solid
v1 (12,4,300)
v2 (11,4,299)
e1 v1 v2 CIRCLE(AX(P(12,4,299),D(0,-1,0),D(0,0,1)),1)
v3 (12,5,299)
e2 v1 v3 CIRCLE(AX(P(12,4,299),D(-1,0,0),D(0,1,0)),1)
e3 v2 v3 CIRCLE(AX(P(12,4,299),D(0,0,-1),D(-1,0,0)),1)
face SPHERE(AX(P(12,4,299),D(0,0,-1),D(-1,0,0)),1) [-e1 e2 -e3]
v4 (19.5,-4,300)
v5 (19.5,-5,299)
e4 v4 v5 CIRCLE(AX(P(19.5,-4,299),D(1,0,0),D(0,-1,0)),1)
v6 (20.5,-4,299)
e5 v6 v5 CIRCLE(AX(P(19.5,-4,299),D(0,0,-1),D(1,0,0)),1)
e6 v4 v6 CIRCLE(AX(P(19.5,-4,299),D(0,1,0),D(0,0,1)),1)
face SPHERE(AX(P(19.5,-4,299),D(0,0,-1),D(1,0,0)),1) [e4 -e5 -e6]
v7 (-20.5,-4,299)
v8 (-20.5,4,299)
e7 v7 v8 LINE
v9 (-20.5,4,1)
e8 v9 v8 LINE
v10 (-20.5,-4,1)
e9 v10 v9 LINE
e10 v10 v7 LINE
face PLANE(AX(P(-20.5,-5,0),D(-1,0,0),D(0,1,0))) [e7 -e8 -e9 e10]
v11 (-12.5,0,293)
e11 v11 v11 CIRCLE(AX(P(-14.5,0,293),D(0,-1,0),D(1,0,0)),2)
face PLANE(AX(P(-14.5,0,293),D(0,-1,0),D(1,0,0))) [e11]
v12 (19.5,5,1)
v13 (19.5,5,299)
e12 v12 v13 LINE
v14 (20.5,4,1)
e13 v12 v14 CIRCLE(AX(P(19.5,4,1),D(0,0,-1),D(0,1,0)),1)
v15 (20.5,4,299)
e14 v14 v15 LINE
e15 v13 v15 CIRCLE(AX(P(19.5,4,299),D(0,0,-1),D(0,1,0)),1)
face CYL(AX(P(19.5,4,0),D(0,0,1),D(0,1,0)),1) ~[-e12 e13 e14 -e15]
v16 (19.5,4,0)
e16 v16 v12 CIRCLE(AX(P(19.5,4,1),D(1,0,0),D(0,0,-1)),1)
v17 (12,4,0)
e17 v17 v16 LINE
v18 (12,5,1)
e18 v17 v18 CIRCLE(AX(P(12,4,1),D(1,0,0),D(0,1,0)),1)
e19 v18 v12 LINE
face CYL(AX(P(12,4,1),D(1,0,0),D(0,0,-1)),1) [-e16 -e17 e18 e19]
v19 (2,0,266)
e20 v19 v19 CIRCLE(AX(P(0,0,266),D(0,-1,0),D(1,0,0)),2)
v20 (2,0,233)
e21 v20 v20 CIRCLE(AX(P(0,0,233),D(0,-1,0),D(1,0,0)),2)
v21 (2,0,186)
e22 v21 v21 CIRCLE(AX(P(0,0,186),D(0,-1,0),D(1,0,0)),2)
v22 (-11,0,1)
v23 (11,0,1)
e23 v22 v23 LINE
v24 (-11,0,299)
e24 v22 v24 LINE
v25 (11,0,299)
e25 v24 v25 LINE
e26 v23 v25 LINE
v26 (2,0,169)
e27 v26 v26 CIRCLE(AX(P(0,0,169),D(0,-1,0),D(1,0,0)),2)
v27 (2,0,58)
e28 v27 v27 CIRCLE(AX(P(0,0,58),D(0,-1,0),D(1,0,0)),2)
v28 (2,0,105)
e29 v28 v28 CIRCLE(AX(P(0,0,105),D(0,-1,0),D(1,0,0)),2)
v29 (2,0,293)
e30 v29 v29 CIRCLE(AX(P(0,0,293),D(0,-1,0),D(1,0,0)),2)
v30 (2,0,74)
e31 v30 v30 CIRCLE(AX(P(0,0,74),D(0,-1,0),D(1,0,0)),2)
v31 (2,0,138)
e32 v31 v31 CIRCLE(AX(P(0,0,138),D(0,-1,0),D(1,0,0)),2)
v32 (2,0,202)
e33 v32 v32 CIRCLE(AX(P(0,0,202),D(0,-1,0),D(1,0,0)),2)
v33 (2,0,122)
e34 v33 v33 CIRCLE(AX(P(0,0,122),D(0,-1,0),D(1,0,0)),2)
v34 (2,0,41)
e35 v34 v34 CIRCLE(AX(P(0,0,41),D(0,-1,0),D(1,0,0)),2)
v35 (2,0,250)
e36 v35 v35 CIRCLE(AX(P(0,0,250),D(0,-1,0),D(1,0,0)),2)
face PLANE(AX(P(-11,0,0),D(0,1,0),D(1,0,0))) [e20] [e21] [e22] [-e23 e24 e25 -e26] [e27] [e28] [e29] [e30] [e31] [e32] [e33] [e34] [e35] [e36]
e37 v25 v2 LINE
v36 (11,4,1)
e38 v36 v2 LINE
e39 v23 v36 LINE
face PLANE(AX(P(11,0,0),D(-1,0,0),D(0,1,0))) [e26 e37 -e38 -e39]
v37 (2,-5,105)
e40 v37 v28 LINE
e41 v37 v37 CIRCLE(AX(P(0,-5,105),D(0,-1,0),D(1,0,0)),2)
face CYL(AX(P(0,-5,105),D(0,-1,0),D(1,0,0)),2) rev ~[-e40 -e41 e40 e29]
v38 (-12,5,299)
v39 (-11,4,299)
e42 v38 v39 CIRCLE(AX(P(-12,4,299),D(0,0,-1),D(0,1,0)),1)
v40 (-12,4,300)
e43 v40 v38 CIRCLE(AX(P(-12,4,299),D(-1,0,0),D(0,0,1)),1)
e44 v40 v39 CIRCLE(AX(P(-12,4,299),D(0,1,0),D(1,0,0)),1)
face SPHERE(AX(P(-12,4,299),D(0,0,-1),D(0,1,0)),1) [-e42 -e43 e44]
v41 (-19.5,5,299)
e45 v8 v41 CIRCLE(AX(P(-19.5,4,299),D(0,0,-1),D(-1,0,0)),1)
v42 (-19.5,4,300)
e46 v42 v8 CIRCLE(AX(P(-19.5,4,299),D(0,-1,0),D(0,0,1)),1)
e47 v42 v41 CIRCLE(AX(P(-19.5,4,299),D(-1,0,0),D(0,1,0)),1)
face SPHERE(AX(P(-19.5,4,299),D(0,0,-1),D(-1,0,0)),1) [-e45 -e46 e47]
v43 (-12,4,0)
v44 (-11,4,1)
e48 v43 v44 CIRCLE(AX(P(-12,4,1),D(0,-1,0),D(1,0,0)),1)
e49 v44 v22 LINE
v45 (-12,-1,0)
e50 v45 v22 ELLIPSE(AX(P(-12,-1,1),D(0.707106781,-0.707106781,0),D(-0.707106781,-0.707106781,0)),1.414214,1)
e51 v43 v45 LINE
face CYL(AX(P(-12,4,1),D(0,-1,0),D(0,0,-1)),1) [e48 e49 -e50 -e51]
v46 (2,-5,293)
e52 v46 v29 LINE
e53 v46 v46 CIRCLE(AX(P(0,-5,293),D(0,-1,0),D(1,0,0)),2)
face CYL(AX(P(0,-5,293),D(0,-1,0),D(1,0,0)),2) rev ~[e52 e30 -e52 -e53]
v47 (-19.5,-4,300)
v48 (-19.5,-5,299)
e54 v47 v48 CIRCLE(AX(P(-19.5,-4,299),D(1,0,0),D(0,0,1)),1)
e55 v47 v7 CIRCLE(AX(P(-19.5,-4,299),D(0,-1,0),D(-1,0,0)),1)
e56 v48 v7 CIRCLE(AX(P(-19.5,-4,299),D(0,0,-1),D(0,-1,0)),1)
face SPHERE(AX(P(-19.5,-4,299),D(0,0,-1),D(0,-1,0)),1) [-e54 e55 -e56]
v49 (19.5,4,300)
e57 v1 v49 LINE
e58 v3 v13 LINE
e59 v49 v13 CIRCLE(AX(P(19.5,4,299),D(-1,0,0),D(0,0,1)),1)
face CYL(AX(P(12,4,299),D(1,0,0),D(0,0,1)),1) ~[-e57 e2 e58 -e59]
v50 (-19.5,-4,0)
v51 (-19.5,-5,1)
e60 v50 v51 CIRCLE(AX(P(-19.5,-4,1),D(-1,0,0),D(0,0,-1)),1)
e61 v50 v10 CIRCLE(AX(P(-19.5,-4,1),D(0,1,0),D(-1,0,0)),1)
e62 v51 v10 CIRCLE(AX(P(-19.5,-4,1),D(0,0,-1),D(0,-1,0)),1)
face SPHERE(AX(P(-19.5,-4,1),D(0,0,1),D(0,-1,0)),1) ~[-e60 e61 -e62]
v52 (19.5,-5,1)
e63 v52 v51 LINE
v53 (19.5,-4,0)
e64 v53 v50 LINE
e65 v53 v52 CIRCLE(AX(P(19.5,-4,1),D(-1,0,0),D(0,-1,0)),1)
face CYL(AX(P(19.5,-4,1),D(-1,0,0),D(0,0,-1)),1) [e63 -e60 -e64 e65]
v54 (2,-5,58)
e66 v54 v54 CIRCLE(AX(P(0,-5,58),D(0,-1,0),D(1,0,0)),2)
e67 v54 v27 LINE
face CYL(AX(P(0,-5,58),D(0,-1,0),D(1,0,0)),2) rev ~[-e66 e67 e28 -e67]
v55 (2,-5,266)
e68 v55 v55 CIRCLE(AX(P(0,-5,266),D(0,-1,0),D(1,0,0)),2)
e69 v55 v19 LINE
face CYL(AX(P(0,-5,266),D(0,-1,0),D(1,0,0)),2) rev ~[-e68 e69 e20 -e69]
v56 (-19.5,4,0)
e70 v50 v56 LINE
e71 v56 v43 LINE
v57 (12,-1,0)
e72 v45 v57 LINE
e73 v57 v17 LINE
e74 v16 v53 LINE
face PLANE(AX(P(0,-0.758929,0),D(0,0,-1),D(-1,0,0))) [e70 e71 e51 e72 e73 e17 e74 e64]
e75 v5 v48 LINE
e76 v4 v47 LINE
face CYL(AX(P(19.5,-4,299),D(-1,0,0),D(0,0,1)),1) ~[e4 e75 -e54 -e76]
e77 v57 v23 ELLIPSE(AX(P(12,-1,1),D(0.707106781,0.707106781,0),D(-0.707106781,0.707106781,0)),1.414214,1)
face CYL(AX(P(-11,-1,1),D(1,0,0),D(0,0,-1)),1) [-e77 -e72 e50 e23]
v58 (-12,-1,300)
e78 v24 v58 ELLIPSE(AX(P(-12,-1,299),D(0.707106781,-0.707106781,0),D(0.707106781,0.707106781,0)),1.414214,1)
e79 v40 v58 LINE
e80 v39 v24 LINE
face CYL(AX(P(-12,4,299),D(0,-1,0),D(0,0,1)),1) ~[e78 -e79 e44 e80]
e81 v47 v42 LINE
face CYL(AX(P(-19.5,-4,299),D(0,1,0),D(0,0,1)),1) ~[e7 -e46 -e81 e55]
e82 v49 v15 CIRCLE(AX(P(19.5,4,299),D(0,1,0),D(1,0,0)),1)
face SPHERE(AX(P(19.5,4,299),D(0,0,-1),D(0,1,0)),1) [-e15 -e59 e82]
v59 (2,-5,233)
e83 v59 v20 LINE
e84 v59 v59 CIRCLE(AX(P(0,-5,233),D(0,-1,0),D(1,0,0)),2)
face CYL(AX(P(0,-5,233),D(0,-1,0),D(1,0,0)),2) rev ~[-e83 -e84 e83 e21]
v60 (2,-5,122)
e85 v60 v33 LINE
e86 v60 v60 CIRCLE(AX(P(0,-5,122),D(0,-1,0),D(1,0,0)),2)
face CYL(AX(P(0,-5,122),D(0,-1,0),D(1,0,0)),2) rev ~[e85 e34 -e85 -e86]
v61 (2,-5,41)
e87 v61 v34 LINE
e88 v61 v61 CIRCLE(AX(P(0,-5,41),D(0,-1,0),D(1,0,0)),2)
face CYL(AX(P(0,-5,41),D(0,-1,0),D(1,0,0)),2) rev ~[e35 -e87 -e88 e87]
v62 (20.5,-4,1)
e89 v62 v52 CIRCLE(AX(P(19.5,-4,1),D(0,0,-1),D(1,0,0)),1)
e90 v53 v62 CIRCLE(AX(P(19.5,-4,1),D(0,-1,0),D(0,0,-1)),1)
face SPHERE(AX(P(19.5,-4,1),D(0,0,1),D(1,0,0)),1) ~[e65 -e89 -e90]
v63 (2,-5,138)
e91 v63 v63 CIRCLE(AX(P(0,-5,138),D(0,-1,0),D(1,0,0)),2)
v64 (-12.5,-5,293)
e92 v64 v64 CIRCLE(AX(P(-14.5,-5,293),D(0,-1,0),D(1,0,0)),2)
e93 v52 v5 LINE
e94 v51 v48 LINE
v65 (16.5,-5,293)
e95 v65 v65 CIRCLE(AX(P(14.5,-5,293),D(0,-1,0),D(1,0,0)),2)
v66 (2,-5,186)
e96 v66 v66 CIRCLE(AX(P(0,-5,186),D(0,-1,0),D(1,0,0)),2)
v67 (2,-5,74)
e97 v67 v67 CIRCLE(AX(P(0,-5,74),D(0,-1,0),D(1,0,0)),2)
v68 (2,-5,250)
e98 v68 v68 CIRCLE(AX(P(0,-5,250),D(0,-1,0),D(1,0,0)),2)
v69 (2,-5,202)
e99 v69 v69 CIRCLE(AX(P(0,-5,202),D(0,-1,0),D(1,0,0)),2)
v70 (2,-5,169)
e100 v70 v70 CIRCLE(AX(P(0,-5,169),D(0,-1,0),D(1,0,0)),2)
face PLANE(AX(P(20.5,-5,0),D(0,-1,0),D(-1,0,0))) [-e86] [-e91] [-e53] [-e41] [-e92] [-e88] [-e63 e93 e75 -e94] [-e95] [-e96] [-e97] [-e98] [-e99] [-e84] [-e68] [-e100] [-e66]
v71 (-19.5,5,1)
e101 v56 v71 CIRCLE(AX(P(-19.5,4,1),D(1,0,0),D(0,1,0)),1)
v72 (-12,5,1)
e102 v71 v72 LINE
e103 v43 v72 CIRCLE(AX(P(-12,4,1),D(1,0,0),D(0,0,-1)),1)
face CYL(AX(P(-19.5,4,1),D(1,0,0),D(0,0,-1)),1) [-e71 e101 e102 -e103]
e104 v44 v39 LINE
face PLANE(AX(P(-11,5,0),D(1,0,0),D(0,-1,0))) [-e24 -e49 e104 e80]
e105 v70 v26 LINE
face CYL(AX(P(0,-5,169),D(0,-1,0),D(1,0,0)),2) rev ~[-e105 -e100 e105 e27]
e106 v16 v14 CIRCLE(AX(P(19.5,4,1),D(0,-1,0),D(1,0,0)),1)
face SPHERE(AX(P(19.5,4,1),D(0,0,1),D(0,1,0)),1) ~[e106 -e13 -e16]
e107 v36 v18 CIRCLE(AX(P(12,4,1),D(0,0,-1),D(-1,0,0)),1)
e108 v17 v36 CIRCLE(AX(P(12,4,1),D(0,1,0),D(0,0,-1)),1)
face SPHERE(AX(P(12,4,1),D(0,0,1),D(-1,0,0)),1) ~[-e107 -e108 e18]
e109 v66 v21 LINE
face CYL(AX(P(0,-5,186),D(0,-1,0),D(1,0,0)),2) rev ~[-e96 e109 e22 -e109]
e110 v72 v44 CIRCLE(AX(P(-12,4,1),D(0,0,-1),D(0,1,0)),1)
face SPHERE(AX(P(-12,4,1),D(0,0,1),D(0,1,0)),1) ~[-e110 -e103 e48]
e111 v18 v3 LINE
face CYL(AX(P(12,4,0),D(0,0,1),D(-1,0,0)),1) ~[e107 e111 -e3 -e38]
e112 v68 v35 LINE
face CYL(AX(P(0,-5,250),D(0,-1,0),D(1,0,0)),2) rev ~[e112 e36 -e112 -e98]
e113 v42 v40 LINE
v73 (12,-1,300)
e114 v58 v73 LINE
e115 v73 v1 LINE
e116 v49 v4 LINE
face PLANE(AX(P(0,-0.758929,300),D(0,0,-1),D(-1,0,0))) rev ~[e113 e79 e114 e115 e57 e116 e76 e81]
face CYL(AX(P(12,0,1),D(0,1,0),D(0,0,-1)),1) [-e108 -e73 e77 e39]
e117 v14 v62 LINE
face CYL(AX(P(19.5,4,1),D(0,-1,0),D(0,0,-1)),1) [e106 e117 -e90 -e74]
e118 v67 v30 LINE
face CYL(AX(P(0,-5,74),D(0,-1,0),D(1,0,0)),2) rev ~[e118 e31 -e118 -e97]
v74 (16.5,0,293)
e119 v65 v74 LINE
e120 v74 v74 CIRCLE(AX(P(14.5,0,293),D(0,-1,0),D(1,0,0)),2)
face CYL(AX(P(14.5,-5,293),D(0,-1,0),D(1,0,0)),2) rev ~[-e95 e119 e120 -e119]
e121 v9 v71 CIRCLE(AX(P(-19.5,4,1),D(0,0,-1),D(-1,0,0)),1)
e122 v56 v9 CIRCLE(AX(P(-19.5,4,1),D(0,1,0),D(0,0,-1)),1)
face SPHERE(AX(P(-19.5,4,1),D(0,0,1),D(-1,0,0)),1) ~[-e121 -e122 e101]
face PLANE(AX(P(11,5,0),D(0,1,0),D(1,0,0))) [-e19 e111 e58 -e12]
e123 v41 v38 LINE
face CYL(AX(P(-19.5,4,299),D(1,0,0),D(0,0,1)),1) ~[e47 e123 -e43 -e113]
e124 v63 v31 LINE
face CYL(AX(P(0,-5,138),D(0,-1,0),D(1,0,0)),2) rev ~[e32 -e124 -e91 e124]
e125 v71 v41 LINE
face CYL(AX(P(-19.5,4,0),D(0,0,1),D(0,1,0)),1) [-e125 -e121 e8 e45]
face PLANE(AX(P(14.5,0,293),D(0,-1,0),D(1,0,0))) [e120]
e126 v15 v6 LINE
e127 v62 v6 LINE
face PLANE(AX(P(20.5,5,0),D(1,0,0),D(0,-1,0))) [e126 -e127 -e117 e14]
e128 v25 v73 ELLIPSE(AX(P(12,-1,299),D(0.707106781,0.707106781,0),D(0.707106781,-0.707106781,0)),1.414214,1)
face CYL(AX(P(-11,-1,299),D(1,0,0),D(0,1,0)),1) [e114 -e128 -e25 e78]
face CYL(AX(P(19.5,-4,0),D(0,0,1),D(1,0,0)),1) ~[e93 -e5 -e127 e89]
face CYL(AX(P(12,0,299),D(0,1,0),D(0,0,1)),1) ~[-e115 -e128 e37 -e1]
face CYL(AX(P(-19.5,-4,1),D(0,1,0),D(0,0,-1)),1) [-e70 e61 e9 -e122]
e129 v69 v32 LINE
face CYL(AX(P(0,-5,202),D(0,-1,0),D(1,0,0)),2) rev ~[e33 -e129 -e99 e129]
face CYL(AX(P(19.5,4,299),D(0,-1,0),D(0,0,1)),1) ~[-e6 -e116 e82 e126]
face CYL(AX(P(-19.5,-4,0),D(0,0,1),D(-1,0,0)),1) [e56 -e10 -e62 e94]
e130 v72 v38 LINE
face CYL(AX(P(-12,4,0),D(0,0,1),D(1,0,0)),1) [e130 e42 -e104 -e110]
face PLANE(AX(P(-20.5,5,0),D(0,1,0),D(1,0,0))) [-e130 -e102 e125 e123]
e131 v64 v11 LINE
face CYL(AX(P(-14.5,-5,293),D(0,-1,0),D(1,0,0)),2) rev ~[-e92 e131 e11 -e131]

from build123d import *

# Parameters (mm, degrees)
BOSS_EXTRUDE1_DEPTH = 300
SKETCH2_R           = 2
CUT_EXTRUDE1_DEPTH  = 5
FILLET1_R           = 1
FILLET2_R           = 1


with BuildPart() as part:
    # Sketch1 → Boss-Extrude1 (new body)
    with BuildSketch(Plane.XY):
        Polygon((-11, 5), (-11, 0), (11, 0), (11, 5), (20.5, 5), (20.5, -5), (-20.5, -5), (-20.5, 5), align=None)
    extrude(amount=BOSS_EXTRUDE1_DEPTH)

    # Sketch2 → Cut-Extrude1 (cut)
    with BuildSketch(Plane.XZ.offset(5)):
        with Locations((-14.5, 293)):
            Circle(SKETCH2_R)
        with Locations((0, 293)):
            Circle(SKETCH2_R)
        with Locations((14.5, 293)):
            Circle(SKETCH2_R)
        with Locations((0, 266)):
            Circle(SKETCH2_R)
        with Locations((0, 250)):
            Circle(SKETCH2_R)
        with Locations((0, 233)):
            Circle(SKETCH2_R)
        with Locations((0, 169)):
            Circle(SKETCH2_R)
        with Locations((0, 105)):
            Circle(SKETCH2_R)
        with Locations((0, 186)):
            Circle(SKETCH2_R)
        with Locations((0, 122)):
            Circle(SKETCH2_R)
        with Locations((0, 202)):
            Circle(SKETCH2_R)
        with Locations((0, 138)):
            Circle(SKETCH2_R)
        with Locations((0, 74)):
            Circle(SKETCH2_R)
        with Locations((0, 58)):
            Circle(SKETCH2_R)
        with Locations((0, 41)):
            Circle(SKETCH2_R)
    extrude(amount=-CUT_EXTRUDE1_DEPTH, mode=Mode.SUBTRACT)

    # Fillet1
    fillet1_edges = [part.edges().sort_by_distance(p)[0] for p in [
        (20.5, 5, 150),
        (20.5, -5, 150),
        (-20.5, -5, 150),
        (-20.5, 5, 150),
        (-11, 5, 150),
        (11, 5, 150),
    ]]
    fillet(fillet1_edges, radius=FILLET1_R)

    # Fillet2
    fillet2_edges = [part.edges().sort_by_distance(p)[0] for p in [
        (0, 0, 300),
        (20.207106781, -4.707106781, 300),
        (-11.292893219, 4.707106781, 300),
        (11.292893219, 4.707106781, 300),
        (-11, 2, 300),
        (11, 2, 0),
        (11, 2, 300),
        (15.75, 5, 0),
        (20.5, 0, 0),
        (0, -5, 0),
        (-20.5, 0, 0),
        (-15.75, 5, 0),
        (20.207106781, 4.707106781, 0),
        (-20.207106781, 4.707106781, 0),
        (-20.207106781, -4.707106781, 0),
        (20.207106781, -4.707106781, 0),
        (-11, 2, 0),
        (-11.292893219, 4.707106781, 0),
        (11.292893219, 4.707106781, 0),
        (15.75, 5, 300),
        (-15.75, 5, 300),
        (-20.5, 0, 300),
        (0, 0, 0),
        (0, -5, 300),
        (20.5, 0, 300),
        (20.207106781, 4.707106781, 300),
        (-20.207106781, 4.707106781, 300),
        (-20.207106781, -4.707106781, 300),
    ]]
    fillet(fillet2_edges, radius=FILLET2_R)


solid = part.part
